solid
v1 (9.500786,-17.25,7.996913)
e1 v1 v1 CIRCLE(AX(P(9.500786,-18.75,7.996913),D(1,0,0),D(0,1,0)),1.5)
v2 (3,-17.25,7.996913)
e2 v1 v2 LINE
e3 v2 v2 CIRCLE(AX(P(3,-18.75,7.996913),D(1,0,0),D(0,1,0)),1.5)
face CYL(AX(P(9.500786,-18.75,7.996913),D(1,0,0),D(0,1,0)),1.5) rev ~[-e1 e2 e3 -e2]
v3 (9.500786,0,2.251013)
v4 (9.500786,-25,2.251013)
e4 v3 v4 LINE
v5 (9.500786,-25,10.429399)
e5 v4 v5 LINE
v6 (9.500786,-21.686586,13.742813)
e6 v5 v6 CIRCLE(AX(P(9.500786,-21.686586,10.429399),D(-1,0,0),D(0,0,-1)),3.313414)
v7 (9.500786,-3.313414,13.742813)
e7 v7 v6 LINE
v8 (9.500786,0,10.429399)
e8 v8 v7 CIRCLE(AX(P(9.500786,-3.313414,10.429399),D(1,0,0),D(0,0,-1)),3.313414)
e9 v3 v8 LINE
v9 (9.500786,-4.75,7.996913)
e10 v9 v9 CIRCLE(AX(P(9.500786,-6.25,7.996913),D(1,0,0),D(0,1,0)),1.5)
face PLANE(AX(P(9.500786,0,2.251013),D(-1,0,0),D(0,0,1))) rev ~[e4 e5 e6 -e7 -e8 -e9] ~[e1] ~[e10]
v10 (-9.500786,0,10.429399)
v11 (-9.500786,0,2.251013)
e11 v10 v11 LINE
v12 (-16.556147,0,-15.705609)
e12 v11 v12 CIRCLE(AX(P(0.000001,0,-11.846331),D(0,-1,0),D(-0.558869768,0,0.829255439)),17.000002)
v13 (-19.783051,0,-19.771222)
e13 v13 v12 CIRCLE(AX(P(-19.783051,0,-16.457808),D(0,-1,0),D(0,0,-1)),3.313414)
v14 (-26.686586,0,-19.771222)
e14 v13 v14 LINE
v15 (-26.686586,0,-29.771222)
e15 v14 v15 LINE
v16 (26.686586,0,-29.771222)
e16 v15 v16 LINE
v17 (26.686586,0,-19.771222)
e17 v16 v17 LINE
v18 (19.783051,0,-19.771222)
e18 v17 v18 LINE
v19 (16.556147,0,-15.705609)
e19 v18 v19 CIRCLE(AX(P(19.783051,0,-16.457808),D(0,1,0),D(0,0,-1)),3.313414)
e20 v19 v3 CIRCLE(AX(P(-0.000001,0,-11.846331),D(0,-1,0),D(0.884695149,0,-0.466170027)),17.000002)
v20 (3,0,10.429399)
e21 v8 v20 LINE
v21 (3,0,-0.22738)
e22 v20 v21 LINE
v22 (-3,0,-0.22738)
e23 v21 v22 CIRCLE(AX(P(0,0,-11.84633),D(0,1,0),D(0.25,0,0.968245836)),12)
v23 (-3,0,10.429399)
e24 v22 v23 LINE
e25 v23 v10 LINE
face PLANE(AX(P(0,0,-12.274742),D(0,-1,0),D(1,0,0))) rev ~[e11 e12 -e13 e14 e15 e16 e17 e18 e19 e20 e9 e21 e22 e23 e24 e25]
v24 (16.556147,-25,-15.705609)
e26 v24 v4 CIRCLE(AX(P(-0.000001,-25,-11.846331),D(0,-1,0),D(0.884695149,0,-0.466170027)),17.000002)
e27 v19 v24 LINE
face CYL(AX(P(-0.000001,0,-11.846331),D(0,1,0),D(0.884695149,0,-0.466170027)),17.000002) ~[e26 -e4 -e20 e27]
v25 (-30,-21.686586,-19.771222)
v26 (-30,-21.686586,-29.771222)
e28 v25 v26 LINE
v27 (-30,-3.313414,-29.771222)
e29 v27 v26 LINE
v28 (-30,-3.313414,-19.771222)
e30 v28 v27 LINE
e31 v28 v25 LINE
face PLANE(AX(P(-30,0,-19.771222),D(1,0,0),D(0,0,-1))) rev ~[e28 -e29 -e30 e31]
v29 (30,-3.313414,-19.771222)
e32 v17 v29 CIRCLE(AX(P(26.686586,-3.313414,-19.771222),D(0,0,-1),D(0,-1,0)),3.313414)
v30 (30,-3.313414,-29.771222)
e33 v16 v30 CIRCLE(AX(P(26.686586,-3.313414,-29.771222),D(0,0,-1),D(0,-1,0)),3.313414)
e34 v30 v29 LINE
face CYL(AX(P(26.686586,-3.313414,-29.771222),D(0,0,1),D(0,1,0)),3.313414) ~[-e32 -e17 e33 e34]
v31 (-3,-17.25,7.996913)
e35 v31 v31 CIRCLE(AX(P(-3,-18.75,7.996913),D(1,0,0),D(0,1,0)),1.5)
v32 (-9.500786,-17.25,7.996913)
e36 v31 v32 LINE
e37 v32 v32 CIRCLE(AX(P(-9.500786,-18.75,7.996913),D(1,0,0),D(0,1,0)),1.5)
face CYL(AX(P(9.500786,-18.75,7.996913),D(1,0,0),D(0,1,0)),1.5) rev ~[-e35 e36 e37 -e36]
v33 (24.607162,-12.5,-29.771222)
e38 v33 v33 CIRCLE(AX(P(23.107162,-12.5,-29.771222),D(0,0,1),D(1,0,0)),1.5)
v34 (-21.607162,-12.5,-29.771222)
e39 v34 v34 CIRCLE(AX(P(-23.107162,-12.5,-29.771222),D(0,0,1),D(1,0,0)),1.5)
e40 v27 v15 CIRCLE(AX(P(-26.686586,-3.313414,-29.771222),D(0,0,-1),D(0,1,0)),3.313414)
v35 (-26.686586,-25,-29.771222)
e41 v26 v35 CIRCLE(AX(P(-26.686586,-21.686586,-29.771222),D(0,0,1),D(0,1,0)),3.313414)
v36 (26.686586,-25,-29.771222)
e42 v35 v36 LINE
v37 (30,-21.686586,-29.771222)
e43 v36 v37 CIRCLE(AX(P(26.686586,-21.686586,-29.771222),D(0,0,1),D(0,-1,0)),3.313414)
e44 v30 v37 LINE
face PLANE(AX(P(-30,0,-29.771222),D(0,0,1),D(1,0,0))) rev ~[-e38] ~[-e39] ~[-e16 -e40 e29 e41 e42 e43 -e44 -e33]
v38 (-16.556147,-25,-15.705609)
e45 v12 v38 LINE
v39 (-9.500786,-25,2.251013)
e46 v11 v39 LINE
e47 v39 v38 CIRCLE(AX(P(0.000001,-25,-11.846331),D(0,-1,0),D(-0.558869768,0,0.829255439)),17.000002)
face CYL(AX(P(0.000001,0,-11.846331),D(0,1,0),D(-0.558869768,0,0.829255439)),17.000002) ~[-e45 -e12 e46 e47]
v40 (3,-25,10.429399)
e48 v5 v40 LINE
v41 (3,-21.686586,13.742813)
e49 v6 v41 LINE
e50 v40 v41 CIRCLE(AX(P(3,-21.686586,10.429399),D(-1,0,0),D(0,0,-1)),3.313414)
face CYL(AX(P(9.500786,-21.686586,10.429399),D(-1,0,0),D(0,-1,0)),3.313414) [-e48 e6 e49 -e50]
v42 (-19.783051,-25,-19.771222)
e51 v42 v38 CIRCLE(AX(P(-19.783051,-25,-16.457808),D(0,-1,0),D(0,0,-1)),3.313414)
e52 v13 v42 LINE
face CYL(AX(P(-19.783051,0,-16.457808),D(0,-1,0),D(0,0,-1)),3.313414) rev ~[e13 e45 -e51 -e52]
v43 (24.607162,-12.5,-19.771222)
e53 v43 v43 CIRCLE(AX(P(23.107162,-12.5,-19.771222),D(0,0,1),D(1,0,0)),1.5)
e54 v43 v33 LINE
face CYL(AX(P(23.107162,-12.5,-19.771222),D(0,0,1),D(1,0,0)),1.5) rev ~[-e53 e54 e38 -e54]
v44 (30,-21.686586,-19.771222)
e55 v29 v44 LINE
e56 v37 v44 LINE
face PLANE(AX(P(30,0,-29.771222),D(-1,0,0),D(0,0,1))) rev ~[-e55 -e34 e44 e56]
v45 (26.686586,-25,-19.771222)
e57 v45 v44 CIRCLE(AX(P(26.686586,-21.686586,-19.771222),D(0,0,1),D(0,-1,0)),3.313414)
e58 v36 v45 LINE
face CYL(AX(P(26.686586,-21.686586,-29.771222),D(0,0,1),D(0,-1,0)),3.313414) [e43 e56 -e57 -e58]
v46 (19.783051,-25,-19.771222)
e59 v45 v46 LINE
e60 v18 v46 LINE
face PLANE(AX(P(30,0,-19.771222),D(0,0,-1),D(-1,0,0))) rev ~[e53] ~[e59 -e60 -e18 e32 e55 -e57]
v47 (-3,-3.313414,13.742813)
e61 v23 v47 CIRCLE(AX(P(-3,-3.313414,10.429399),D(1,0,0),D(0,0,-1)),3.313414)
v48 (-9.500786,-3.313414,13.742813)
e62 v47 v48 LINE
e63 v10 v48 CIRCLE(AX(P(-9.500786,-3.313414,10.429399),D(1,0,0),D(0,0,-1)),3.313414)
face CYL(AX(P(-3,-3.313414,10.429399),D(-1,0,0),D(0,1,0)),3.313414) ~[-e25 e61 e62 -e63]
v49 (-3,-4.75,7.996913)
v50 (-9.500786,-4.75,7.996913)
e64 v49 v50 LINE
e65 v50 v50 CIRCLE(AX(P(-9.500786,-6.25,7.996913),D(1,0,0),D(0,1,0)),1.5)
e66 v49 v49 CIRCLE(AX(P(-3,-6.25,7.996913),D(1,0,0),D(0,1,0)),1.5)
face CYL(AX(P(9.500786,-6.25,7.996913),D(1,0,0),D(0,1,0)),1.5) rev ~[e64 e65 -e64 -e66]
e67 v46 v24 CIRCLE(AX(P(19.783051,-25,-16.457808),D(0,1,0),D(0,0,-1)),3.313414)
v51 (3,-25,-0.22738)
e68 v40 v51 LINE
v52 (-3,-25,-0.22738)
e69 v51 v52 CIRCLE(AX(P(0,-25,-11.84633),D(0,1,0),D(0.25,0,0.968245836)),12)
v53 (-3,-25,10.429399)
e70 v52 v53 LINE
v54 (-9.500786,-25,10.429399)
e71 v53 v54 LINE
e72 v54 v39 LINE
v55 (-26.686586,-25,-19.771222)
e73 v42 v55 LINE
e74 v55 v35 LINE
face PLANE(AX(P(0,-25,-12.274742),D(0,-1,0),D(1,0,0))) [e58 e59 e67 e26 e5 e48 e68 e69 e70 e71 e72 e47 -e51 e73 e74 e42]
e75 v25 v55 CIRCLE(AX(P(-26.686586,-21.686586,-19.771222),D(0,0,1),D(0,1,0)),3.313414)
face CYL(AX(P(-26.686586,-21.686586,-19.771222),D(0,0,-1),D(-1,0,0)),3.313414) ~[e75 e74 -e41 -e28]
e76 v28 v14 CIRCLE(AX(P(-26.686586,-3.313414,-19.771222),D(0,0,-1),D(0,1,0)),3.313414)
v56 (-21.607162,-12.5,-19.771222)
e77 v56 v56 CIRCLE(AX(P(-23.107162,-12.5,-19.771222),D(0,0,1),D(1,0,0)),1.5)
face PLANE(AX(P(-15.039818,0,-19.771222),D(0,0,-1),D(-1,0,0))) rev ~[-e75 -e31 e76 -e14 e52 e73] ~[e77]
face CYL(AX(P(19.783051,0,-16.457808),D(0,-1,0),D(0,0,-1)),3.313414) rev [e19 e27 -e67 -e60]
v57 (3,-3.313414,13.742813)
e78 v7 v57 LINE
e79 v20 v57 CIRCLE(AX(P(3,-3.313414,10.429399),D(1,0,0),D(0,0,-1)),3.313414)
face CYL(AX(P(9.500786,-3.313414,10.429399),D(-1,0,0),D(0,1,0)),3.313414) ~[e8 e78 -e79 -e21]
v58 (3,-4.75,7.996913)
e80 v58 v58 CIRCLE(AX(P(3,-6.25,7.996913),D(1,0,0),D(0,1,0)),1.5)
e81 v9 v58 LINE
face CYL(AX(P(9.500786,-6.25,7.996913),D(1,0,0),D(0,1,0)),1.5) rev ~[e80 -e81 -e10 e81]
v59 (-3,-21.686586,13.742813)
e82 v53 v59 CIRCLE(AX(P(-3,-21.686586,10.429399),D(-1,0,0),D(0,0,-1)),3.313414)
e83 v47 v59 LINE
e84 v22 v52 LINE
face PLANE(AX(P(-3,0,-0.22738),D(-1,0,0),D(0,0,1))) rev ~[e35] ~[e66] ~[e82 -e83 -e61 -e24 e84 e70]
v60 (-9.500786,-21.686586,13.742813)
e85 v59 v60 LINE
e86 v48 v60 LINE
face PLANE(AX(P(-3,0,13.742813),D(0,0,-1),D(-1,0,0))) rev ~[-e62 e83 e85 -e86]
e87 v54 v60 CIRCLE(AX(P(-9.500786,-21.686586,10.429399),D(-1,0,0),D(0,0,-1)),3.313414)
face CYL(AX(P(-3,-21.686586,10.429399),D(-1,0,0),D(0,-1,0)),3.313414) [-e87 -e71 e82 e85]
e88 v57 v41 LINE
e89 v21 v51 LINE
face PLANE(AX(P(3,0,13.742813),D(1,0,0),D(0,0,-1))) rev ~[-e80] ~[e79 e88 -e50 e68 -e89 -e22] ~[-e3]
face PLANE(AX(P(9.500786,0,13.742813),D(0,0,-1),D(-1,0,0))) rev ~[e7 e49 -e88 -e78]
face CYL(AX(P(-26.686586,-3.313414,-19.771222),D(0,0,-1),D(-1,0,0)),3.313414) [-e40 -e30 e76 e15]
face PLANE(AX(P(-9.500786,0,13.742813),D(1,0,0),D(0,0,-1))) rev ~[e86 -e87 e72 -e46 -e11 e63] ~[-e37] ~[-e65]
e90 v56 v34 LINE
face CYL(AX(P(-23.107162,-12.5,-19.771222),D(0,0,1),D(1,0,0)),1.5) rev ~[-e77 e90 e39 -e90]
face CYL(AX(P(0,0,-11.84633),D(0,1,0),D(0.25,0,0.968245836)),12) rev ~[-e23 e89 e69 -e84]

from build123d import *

# Parameters (mm, degrees)
F1_DEPTH = 25
F2_R     = 1.5
F3_DEPTH = 25
F4_R     = 1.5
F5_DEPTH = 25
F6_R     = 3.313414


with BuildPart() as f1:
    # F0 (on Front) → F1 (new body)
    with BuildSketch(Plane.XZ):
        with BuildLine():
            Line((-30, -29.771222), (30, -29.771222))
            Line((30, -29.771222), (30, -19.771222))
            Line((30, -19.771222), (15.039818, -19.771222))
            ThreePointArc((15.039818, -19.771222), (16.48651, -7.699644), (9.500786, 2.251013))
            Line((9.500786, 2.251013), (9.500786, 13.742813))
            Line((9.500786, 13.742813), (3, 13.742813))
            Line((3, 13.742813), (3, 4.886871))
            Line((3, 4.886871), (3, -0.22738))
            ThreePointArc((3, -0.22738), (0, -23.84633), (-3, -0.22738))
            Line((-3, -0.22738), (-3, 4.886871))
            Line((-3, 4.886871), (-3, 13.742813))
            Line((-3, 13.742813), (-9.500786, 13.742813))
            Line((-9.500786, 13.742813), (-9.500786, 2.251013))
            ThreePointArc((-9.500786, 2.251013), (-16.48651, -7.699644), (-15.039818, -19.771222))
            Line((-15.039818, -19.771222), (-30, -19.771222))
            Line((-30, -19.771222), (-30, -29.771222))
        make_face()
    extrude(amount=F1_DEPTH)

    # F2 (on face) → F3 (cut)
    with BuildSketch(Plane.XY.offset(-19.771222)):
        with Locations((-23.107162, -12.5)):
            Circle(F2_R)
        with Locations((23.107162, -12.5)):
            Circle(F2_R)
    extrude(amount=-F3_DEPTH, mode=Mode.SUBTRACT)

    # F4 (on face) → F5 (cut)
    with BuildSketch(Plane.YZ.offset(9.500786)):
        with Locations((-18.75, 7.996913)):
            Circle(F4_R)
        with Locations((-6.25, 7.996913)):
            Circle(F4_R)
    extrude(amount=-F5_DEPTH, mode=Mode.SUBTRACT)

    # F6
    f6_edges = [f1.edges().sort_by_distance(p)[0] for p in [
        (-6.250393, -25, 13.742813),
        (6.250393, -25, 13.742813),
        (-6.250393, 0, 13.742813),
        (6.250393, 0, 13.742813),
        (30, -25, -24.771222),
        (30, 0, -24.771222),
        (-30, 0, -24.771222),
        (-30, -25, -24.771222),
        (15.039818, -12.5, -19.771222),
        (-15.039818, -12.5, -19.771222),
    ]]
    fillet(f6_edges, radius=F6_R)


solid = f1.part
